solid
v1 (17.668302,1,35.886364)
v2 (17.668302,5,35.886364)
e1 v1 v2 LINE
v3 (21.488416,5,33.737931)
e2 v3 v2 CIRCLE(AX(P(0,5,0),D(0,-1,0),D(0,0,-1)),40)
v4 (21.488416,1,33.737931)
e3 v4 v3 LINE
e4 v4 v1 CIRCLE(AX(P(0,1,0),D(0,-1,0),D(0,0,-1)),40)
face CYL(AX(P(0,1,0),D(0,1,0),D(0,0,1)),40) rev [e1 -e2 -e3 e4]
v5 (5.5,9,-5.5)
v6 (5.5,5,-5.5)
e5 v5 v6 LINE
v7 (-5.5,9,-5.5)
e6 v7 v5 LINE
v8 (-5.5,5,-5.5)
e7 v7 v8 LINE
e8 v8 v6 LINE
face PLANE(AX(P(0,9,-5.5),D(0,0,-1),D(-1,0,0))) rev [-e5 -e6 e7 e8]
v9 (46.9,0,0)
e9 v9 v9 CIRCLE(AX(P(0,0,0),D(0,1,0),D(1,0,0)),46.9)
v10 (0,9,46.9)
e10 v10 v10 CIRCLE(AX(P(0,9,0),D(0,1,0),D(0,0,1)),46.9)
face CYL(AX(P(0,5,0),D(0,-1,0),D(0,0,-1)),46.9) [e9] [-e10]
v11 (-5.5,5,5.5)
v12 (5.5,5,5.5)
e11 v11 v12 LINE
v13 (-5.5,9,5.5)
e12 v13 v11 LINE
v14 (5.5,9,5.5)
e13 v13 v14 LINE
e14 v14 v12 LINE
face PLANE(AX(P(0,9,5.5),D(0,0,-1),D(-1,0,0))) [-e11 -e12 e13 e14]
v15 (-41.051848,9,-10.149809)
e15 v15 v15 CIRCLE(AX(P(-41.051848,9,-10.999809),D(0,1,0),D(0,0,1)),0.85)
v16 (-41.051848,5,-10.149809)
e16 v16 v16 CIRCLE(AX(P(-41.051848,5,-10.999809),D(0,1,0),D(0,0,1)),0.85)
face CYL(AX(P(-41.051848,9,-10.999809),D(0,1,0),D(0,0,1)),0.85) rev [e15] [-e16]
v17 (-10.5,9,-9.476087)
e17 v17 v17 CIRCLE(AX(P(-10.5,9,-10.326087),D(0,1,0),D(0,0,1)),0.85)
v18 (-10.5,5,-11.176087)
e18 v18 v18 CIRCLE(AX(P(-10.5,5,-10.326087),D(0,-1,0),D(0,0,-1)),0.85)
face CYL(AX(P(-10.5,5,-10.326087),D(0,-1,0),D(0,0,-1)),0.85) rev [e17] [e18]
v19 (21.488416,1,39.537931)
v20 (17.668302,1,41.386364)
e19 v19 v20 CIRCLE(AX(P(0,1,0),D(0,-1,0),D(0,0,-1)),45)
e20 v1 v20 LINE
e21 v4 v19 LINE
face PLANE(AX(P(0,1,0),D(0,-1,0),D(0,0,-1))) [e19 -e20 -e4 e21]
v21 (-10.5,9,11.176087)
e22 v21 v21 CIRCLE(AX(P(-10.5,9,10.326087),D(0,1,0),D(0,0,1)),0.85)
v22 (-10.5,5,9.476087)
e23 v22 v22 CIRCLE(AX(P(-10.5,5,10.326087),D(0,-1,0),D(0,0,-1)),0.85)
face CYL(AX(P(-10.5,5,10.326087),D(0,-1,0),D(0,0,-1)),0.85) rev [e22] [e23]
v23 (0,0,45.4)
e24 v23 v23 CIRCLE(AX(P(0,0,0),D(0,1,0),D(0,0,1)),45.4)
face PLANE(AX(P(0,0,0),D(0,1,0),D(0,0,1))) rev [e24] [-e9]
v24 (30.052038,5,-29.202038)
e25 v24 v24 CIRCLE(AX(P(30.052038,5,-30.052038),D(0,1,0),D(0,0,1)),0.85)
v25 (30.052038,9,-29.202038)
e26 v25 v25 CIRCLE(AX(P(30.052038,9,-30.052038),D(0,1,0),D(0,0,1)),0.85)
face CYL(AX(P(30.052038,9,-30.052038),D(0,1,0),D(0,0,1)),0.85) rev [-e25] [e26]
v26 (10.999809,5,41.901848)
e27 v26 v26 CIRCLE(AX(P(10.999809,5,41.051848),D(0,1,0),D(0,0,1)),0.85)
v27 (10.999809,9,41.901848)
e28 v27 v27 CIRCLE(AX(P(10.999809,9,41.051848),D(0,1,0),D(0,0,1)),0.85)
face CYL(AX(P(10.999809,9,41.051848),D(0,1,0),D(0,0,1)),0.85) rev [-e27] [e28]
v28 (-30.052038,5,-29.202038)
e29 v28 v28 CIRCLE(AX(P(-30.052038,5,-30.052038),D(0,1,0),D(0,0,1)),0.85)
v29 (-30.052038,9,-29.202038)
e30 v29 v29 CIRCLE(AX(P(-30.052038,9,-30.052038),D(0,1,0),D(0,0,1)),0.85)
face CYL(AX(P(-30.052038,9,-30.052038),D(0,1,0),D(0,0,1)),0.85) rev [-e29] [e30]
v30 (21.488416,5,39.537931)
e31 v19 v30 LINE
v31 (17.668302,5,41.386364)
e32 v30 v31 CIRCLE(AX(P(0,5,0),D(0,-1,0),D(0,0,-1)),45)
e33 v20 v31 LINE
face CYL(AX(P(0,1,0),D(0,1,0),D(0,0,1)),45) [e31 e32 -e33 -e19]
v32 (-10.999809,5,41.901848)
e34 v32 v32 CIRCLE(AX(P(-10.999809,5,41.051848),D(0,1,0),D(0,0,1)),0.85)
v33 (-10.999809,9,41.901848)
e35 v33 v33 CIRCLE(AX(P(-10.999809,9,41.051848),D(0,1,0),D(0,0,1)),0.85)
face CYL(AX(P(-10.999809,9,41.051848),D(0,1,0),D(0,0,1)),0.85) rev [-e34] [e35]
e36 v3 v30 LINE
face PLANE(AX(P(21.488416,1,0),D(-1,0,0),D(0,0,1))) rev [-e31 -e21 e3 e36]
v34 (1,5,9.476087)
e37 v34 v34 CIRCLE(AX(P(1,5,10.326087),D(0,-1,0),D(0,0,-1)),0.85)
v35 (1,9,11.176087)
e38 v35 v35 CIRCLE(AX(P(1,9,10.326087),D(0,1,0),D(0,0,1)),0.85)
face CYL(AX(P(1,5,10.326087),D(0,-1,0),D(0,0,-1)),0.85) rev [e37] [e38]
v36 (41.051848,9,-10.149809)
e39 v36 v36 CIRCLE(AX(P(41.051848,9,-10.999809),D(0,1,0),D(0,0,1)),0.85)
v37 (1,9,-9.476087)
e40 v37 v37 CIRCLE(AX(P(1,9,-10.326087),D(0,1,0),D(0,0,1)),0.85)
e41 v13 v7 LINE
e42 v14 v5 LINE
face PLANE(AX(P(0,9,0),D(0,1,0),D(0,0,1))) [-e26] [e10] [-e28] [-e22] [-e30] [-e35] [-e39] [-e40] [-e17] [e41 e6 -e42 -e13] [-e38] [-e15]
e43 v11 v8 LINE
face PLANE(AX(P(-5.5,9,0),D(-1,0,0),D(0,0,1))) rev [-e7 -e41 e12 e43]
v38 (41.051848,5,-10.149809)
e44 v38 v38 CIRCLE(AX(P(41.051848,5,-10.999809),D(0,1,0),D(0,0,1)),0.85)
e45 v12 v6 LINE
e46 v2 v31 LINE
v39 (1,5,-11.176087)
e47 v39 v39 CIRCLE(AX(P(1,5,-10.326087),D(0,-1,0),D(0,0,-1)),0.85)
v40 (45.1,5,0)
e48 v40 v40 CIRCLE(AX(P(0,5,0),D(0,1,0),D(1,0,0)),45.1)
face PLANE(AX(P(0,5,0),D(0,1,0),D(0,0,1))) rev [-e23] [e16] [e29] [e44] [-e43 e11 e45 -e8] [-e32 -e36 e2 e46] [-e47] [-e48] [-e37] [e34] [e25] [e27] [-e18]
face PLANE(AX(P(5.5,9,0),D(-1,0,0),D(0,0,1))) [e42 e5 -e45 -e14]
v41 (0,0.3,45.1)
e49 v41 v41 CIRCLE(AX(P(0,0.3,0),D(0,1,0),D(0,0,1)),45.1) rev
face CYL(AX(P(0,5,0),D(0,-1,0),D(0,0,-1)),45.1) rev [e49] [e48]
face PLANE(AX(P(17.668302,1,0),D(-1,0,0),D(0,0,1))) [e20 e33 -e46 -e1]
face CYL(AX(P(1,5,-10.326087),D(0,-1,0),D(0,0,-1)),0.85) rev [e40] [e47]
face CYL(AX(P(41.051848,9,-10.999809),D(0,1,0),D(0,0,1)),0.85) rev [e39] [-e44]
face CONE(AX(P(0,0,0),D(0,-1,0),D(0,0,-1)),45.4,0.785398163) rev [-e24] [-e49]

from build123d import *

# Parameters (mm, degrees)
SKETCH_1_R          = 46.9
SKETCH_1_R_2        = 45.1
EXTRUDE_2_DEPTH     = 5
SKETCH_2_R          = 46.9
EXTRUDE_1_DEPTH     = 4
SKETCH_4_W          = 11
SKETCH_4_H          = 11
CUT_EXTRUDE_1_DEPTH = 67.514810381
HOLE_WIZARD_2_D     = 1.7
HOLE_WIZARD_2_DEPTH = 4.4
CHAMFER_1_SIZE      = 0.3
HOLE_WIZARD_1_D     = 1.7
EXTRUDE_2_2_DEPTH   = 4


with BuildPart() as part:
    # 草图1 → Extrude 2 (new body)
    with BuildSketch(Plane(origin=(0, 0, 0), x_dir=(1, 0, 0), z_dir=(0, 1, 0))):
        Circle(SKETCH_1_R)
        Circle(SKETCH_1_R_2, mode=Mode.SUBTRACT)
    extrude(amount=EXTRUDE_2_DEPTH)

    # 草图2 → 凸台-拉伸1 (add)
    with BuildSketch(Plane(origin=(0, 5, 0), x_dir=(1, 0, 0), z_dir=(0, 1, 0))):
        Circle(SKETCH_2_R)
    extrude(amount=EXTRUDE_1_DEPTH)

    # 草图4 → 切除-拉伸1 (cut, through all)
    with BuildSketch(Plane.XZ.offset(-5)):
        Rectangle(SKETCH_4_W, SKETCH_4_H)
    extrude(amount=-CUT_EXTRUDE_1_DEPTH, mode=Mode.SUBTRACT)

    # 孔2
    with Locations(Plane(origin=(0, 5, 0), x_dir=(-1, 0, 0), z_dir=(0, -1, 0))):
        with Locations((-1, 10.326086957), (10.5, 10.326086957), (10.5, -10.326086957), (-1, -10.326086957)):
            Hole(HOLE_WIZARD_2_D / 2, depth=HOLE_WIZARD_2_DEPTH)

    # 倒角1
    chamfer_1_edges = [part.edges().sort_by_distance(p)[0] for p in [
        (-45.1, 0, 0),
    ]]
    chamfer(chamfer_1_edges, length=CHAMFER_1_SIZE)

    # 孔1 (through all)
    with Locations(Plane(origin=(0, 9, 0), x_dir=(1, 0, 0), z_dir=(0, 1, 0))):
        with Locations((-41.051847617, 10.999809417), (-30.0520382, 30.0520382), (30.0520382, 30.0520382), (41.051847617, 10.999809417), (10.999809417, -41.051847617), (-10.999809417, -41.051847617)):
            Hole(HOLE_WIZARD_1_D / 2)

    # 草图20 → Extrude 2 2 (add)
    with BuildSketch(Plane.XZ.offset(-5)):
        with BuildLine():
            Line((17.668302266, 41.386363636), (17.668302266, 35.886363636))
            ThreePointArc((17.668302266, 35.886363636), (19.60780664, 34.86450801), (21.488415705, 33.737931034))
            Line((21.488415705, 33.737931034), (21.488415705, 39.537931034))
            ThreePointArc((21.488415705, 39.537931034), (19.60016113, 40.50720533), (17.668302266, 41.386363636))
        make_face()
    extrude(amount=EXTRUDE_2_2_DEPTH)


solid = part.part
